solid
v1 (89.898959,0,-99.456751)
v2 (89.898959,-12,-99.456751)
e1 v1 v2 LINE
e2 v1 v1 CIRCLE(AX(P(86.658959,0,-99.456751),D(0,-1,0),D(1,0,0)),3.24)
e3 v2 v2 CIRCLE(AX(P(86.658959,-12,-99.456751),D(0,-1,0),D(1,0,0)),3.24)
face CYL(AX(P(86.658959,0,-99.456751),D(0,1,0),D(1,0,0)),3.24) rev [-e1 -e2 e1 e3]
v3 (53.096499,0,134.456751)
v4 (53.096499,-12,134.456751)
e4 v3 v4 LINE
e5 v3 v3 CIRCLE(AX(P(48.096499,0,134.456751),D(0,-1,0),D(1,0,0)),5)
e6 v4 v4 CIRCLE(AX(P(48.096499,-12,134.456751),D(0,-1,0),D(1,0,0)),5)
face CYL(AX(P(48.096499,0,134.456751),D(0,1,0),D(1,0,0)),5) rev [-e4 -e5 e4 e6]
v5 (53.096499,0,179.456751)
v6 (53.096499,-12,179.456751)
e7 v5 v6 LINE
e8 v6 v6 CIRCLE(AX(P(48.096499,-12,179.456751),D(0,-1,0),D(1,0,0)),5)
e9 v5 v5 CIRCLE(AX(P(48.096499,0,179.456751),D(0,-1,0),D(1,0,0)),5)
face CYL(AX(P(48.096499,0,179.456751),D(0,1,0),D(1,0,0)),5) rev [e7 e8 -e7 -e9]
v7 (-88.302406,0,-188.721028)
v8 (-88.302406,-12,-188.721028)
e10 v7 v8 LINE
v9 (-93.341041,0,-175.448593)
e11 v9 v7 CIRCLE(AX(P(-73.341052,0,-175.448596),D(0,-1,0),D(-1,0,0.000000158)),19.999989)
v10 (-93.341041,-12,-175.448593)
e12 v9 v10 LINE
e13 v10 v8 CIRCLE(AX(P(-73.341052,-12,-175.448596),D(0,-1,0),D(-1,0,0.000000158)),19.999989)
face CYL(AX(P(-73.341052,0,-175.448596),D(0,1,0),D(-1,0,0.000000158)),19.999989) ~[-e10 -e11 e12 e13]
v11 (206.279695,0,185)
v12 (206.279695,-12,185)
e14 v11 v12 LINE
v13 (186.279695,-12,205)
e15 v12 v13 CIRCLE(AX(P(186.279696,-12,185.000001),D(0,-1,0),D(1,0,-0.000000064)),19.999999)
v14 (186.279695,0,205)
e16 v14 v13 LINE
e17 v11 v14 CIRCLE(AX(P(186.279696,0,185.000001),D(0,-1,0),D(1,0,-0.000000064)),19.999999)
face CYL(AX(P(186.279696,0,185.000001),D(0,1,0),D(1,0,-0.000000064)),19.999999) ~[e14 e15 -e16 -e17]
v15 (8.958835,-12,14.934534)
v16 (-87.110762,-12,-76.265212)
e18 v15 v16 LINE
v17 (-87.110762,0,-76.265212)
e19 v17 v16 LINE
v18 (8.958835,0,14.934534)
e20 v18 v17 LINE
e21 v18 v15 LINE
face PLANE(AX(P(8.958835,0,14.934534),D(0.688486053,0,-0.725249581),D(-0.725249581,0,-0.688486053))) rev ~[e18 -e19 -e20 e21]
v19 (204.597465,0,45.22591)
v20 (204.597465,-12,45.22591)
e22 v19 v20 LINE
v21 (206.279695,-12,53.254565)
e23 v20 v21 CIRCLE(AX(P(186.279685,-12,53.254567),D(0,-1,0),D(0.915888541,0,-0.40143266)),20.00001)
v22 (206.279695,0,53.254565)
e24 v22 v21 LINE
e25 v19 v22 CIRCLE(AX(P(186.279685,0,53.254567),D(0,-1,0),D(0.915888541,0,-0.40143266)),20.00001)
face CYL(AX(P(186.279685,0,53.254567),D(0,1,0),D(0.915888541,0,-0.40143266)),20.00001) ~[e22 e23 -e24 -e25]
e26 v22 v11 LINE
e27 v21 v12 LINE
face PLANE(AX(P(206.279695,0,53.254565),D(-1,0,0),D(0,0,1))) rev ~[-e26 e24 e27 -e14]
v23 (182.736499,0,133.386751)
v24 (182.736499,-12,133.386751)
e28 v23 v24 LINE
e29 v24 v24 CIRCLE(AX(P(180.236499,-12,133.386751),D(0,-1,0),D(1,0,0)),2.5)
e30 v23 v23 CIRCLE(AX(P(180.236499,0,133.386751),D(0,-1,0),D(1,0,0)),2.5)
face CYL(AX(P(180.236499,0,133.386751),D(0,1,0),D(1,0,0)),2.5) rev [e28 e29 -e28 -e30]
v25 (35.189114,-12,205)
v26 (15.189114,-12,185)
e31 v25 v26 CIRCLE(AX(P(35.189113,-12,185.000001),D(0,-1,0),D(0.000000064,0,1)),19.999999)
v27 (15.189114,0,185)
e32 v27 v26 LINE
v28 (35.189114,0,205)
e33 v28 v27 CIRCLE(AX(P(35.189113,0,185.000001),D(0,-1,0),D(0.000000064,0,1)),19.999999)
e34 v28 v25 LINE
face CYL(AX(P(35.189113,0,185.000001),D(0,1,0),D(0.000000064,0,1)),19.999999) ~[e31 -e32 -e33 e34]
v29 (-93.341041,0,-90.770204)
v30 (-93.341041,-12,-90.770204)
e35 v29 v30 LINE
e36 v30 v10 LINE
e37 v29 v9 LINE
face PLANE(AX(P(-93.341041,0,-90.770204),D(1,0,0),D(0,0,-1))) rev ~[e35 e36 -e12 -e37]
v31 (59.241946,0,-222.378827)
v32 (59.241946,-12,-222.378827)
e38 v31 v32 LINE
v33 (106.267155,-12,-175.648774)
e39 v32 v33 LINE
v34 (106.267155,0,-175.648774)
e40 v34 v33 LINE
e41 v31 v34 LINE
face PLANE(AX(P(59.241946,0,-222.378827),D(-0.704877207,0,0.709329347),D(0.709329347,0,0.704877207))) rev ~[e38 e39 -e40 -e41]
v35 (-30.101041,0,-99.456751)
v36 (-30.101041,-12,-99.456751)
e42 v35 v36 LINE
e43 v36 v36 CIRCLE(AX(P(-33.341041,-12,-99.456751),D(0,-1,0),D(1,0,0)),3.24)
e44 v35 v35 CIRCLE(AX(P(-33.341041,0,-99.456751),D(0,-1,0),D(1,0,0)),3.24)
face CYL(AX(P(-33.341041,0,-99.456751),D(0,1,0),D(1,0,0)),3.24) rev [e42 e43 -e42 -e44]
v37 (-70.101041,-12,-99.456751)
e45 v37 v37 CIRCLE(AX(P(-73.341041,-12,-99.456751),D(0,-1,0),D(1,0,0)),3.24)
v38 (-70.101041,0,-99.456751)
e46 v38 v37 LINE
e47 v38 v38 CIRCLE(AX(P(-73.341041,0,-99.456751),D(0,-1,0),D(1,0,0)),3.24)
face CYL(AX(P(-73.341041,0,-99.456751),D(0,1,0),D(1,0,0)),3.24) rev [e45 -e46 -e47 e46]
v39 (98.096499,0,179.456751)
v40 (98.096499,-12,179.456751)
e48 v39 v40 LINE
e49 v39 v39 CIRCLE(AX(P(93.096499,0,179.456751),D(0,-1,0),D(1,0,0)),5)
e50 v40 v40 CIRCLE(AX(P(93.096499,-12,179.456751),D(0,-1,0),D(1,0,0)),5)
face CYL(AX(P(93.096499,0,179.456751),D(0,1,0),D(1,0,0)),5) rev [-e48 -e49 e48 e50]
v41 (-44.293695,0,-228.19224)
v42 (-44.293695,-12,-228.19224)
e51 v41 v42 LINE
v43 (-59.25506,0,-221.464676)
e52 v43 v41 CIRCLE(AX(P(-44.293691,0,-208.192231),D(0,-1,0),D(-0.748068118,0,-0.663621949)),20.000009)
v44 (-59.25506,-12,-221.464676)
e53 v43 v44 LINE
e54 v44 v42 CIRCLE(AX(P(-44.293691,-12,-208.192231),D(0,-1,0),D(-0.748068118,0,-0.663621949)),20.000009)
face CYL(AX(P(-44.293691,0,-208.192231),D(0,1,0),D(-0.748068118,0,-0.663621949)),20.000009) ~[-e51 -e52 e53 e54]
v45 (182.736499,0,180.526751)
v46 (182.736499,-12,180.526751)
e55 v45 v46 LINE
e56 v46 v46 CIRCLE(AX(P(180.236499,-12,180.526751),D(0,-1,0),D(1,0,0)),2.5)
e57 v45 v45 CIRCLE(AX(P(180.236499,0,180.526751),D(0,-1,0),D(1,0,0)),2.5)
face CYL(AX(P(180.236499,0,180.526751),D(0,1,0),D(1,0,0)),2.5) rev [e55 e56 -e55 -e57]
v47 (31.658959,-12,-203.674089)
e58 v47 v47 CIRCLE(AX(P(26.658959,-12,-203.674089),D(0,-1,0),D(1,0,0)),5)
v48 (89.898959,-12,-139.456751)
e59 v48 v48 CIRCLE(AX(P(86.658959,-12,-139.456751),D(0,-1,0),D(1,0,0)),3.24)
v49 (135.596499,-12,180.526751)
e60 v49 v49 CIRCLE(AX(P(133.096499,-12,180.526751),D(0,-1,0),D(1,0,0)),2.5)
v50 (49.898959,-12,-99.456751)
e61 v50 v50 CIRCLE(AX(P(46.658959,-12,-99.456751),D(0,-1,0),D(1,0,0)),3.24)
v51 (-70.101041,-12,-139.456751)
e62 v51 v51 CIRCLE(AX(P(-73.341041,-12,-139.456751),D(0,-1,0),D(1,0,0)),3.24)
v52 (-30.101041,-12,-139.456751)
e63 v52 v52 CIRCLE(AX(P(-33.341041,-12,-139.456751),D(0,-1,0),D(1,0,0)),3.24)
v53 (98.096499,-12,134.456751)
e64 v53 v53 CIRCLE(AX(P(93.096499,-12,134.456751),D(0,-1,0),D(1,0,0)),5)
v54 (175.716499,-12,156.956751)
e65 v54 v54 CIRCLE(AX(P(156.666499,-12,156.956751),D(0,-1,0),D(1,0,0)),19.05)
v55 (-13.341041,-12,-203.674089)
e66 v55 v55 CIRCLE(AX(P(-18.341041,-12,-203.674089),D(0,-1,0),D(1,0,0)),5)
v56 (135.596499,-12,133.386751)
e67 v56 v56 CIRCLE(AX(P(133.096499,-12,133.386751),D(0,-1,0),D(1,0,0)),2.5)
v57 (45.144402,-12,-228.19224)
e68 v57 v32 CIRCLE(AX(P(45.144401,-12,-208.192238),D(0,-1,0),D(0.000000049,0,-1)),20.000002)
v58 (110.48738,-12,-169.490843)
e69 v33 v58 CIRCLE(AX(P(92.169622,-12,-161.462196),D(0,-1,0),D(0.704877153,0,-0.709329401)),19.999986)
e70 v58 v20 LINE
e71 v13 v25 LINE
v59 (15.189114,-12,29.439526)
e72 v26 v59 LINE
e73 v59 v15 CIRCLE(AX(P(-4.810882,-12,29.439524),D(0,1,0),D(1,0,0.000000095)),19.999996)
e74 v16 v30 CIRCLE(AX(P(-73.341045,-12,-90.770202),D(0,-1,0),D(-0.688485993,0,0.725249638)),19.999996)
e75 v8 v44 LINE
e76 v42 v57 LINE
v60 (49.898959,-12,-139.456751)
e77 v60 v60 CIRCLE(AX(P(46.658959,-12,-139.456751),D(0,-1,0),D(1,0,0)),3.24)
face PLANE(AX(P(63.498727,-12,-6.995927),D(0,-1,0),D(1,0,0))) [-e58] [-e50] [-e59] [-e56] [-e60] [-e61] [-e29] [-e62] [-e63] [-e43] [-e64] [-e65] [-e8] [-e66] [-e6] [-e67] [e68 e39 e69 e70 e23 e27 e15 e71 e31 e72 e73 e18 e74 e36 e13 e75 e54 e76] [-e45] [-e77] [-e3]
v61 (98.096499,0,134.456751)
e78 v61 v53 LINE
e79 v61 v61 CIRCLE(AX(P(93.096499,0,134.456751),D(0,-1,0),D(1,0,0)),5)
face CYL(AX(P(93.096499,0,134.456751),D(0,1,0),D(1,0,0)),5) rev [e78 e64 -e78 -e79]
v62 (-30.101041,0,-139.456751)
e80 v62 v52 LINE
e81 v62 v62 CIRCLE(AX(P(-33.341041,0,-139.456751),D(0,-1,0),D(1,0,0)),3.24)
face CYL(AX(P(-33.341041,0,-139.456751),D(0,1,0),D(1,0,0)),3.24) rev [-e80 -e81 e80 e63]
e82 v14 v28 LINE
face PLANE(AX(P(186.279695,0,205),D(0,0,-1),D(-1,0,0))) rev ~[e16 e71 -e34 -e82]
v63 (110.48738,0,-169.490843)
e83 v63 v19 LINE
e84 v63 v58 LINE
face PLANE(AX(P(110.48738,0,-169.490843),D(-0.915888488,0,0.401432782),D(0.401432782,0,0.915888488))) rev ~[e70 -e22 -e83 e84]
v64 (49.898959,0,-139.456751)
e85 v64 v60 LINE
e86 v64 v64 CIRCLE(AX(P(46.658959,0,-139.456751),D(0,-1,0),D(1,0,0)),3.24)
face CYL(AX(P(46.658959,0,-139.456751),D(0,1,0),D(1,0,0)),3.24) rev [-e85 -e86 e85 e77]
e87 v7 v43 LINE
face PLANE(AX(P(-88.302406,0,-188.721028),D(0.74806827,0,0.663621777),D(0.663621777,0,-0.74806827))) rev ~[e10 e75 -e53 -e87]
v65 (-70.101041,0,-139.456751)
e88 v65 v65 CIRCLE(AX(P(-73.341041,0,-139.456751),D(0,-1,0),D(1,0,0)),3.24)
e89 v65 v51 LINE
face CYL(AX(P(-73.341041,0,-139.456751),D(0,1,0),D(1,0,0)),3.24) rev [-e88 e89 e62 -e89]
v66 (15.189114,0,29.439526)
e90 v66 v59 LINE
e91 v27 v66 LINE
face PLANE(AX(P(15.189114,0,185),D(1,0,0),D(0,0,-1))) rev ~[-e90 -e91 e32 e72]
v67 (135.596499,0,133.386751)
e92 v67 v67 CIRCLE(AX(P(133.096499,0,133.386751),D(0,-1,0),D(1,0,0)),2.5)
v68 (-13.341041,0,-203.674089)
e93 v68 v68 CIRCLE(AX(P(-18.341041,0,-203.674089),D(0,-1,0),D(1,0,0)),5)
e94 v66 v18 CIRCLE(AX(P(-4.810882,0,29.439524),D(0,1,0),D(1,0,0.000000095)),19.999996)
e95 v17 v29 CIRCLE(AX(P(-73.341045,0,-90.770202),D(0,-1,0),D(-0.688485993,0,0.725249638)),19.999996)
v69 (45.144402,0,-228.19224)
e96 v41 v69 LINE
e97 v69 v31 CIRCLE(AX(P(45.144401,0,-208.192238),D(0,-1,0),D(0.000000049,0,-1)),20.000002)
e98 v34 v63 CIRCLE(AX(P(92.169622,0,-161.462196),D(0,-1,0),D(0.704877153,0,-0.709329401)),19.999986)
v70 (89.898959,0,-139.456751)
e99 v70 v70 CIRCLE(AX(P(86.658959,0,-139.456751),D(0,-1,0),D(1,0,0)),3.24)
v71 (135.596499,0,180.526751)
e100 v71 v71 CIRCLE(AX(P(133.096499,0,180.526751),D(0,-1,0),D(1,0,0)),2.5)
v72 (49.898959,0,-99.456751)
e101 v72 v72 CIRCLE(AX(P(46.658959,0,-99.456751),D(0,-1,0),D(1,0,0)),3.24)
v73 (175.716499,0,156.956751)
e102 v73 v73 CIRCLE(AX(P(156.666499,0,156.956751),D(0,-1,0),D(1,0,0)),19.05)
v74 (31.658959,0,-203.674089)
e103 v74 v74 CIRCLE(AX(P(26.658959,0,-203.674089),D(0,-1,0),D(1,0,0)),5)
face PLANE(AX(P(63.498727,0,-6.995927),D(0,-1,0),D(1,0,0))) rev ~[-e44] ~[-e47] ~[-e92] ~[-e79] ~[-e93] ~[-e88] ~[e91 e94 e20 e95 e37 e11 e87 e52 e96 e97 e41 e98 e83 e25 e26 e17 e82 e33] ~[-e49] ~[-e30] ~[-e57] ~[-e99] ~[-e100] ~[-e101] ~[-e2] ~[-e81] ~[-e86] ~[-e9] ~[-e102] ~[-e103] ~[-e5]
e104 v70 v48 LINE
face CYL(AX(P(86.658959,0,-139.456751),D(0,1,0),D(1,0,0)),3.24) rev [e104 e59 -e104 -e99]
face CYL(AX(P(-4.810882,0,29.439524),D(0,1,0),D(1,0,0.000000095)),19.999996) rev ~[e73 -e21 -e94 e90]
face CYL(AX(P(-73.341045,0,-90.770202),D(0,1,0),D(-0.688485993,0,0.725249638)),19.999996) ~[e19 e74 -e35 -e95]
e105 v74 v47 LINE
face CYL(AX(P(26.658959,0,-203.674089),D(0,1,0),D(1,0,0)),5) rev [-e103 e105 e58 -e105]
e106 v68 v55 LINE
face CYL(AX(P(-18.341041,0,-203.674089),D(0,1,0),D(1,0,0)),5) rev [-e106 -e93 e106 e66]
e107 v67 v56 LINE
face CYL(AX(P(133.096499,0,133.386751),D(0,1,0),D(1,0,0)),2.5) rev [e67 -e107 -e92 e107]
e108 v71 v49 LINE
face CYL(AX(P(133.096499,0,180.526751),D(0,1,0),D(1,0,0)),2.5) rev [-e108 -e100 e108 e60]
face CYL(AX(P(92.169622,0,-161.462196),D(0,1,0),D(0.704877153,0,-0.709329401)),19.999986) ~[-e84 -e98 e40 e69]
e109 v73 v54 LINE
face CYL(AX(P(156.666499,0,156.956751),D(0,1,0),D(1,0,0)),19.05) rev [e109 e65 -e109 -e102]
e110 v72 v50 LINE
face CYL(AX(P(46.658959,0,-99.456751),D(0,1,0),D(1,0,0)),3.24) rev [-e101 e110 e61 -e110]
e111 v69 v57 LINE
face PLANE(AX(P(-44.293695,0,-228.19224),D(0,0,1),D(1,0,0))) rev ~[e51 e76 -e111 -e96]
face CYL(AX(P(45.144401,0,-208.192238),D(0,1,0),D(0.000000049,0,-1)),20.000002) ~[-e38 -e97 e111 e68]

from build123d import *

# Parameters (mm, degrees)
F0_R     = 3.24
F0_R_2   = 5
F0_R_3   = 2.5
F0_R_4   = 19.05
F1_DEPTH = 12


with BuildPart() as f1:
    # F0 (on Front) → F1 (new body)
    with BuildSketch(Plane.XZ):
        with BuildLine():
            Line((-93.341041, -90.770204), (-93.341041, -135.075137))
            Line((-93.341041, -135.075137), (-93.341041, -175.448593))
            ThreePointArc((-93.341041, -175.448593), (-92.039, -182.546927), (-88.302406, -188.721028))
            Line((-88.302406, -188.721028), (-59.25506, -221.464676))
            ThreePointArc((-59.25506, -221.464676), (-52.495867, -226.432973), (-44.293695, -228.19224))
            Line((-44.293695, -228.19224), (45.144402, -228.19224))
            ThreePointArc((45.144402, -228.19224), (52.768976, -226.681855), (59.241946, -222.378827))
            Line((59.241946, -222.378827), (106.267155, -175.648774))
            ThreePointArc((106.267155, -175.648774), (108.667131, -172.768461), (110.48738, -169.490843))
            Line((110.48738, -169.490843), (204.597465, 45.22591))
            ThreePointArc((204.597465, 45.22591), (205.85462, 49.153065), (206.279695, 53.254565))
            Line((206.279695, 53.254565), (206.279695, 185))
            ThreePointArc((206.279695, 185), (200.421831, 199.142136), (186.279695, 205))
            Line((186.279695, 205), (173.125218, 205))
            Line((173.125218, 205), (115.360413, 205))
            Line((115.360413, 205), (35.189114, 205))
            ThreePointArc((35.189114, 205), (21.046978, 199.142136), (15.189114, 185))
            Line((15.189114, 185), (15.189114, 29.439526))
            ThreePointArc((15.189114, 29.439526), (13.565654, 21.546314), (8.958835, 14.934534))
            Line((8.958835, 14.934534), (-87.110762, -76.265212))
            ThreePointArc((-87.110762, -76.265212), (-91.717581, -82.876992), (-93.341041, -90.770204))
        make_face()
        with Locations((-73.341041, -139.456751)):
            Circle(F0_R, mode=Mode.SUBTRACT)
        with Locations((-33.341041, -139.456751)):
            Circle(F0_R, mode=Mode.SUBTRACT)
        with Locations((-18.341041, -203.674089)):
            Circle(F0_R_2, mode=Mode.SUBTRACT)
        with Locations((26.658959, -203.674089)):
            Circle(F0_R_2, mode=Mode.SUBTRACT)
        with Locations((46.658959, -139.456751)):
            Circle(F0_R, mode=Mode.SUBTRACT)
        with Locations((-73.341041, -99.456751)):
            Circle(F0_R, mode=Mode.SUBTRACT)
        with Locations((-33.341041, -99.456751)):
            Circle(F0_R, mode=Mode.SUBTRACT)
        with Locations((46.658959, -99.456751)):
            Circle(F0_R, mode=Mode.SUBTRACT)
        with Locations((86.658959, -139.456751)):
            Circle(F0_R, mode=Mode.SUBTRACT)
        with Locations((86.658959, -99.456751)):
            Circle(F0_R, mode=Mode.SUBTRACT)
        with Locations((48.096499, 134.456751)):
            Circle(F0_R_2, mode=Mode.SUBTRACT)
        with Locations((48.096499, 179.456751)):
            Circle(F0_R_2, mode=Mode.SUBTRACT)
        with Locations((93.096499, 134.456751)):
            Circle(F0_R_2, mode=Mode.SUBTRACT)
        with Locations((93.096499, 179.456751)):
            Circle(F0_R_2, mode=Mode.SUBTRACT)
        with Locations((133.096499, 133.386751)):
            Circle(F0_R_3, mode=Mode.SUBTRACT)
        with Locations((180.236499, 133.386751)):
            Circle(F0_R_3, mode=Mode.SUBTRACT)
        with Locations((156.666499, 156.956751)):
            Circle(F0_R_4, mode=Mode.SUBTRACT)
        with Locations((133.096499, 180.526751)):
            Circle(F0_R_3, mode=Mode.SUBTRACT)
        with Locations((180.236499, 180.526751)):
            Circle(F0_R_3, mode=Mode.SUBTRACT)
    extrude(amount=F1_DEPTH)


solid = f1.part
